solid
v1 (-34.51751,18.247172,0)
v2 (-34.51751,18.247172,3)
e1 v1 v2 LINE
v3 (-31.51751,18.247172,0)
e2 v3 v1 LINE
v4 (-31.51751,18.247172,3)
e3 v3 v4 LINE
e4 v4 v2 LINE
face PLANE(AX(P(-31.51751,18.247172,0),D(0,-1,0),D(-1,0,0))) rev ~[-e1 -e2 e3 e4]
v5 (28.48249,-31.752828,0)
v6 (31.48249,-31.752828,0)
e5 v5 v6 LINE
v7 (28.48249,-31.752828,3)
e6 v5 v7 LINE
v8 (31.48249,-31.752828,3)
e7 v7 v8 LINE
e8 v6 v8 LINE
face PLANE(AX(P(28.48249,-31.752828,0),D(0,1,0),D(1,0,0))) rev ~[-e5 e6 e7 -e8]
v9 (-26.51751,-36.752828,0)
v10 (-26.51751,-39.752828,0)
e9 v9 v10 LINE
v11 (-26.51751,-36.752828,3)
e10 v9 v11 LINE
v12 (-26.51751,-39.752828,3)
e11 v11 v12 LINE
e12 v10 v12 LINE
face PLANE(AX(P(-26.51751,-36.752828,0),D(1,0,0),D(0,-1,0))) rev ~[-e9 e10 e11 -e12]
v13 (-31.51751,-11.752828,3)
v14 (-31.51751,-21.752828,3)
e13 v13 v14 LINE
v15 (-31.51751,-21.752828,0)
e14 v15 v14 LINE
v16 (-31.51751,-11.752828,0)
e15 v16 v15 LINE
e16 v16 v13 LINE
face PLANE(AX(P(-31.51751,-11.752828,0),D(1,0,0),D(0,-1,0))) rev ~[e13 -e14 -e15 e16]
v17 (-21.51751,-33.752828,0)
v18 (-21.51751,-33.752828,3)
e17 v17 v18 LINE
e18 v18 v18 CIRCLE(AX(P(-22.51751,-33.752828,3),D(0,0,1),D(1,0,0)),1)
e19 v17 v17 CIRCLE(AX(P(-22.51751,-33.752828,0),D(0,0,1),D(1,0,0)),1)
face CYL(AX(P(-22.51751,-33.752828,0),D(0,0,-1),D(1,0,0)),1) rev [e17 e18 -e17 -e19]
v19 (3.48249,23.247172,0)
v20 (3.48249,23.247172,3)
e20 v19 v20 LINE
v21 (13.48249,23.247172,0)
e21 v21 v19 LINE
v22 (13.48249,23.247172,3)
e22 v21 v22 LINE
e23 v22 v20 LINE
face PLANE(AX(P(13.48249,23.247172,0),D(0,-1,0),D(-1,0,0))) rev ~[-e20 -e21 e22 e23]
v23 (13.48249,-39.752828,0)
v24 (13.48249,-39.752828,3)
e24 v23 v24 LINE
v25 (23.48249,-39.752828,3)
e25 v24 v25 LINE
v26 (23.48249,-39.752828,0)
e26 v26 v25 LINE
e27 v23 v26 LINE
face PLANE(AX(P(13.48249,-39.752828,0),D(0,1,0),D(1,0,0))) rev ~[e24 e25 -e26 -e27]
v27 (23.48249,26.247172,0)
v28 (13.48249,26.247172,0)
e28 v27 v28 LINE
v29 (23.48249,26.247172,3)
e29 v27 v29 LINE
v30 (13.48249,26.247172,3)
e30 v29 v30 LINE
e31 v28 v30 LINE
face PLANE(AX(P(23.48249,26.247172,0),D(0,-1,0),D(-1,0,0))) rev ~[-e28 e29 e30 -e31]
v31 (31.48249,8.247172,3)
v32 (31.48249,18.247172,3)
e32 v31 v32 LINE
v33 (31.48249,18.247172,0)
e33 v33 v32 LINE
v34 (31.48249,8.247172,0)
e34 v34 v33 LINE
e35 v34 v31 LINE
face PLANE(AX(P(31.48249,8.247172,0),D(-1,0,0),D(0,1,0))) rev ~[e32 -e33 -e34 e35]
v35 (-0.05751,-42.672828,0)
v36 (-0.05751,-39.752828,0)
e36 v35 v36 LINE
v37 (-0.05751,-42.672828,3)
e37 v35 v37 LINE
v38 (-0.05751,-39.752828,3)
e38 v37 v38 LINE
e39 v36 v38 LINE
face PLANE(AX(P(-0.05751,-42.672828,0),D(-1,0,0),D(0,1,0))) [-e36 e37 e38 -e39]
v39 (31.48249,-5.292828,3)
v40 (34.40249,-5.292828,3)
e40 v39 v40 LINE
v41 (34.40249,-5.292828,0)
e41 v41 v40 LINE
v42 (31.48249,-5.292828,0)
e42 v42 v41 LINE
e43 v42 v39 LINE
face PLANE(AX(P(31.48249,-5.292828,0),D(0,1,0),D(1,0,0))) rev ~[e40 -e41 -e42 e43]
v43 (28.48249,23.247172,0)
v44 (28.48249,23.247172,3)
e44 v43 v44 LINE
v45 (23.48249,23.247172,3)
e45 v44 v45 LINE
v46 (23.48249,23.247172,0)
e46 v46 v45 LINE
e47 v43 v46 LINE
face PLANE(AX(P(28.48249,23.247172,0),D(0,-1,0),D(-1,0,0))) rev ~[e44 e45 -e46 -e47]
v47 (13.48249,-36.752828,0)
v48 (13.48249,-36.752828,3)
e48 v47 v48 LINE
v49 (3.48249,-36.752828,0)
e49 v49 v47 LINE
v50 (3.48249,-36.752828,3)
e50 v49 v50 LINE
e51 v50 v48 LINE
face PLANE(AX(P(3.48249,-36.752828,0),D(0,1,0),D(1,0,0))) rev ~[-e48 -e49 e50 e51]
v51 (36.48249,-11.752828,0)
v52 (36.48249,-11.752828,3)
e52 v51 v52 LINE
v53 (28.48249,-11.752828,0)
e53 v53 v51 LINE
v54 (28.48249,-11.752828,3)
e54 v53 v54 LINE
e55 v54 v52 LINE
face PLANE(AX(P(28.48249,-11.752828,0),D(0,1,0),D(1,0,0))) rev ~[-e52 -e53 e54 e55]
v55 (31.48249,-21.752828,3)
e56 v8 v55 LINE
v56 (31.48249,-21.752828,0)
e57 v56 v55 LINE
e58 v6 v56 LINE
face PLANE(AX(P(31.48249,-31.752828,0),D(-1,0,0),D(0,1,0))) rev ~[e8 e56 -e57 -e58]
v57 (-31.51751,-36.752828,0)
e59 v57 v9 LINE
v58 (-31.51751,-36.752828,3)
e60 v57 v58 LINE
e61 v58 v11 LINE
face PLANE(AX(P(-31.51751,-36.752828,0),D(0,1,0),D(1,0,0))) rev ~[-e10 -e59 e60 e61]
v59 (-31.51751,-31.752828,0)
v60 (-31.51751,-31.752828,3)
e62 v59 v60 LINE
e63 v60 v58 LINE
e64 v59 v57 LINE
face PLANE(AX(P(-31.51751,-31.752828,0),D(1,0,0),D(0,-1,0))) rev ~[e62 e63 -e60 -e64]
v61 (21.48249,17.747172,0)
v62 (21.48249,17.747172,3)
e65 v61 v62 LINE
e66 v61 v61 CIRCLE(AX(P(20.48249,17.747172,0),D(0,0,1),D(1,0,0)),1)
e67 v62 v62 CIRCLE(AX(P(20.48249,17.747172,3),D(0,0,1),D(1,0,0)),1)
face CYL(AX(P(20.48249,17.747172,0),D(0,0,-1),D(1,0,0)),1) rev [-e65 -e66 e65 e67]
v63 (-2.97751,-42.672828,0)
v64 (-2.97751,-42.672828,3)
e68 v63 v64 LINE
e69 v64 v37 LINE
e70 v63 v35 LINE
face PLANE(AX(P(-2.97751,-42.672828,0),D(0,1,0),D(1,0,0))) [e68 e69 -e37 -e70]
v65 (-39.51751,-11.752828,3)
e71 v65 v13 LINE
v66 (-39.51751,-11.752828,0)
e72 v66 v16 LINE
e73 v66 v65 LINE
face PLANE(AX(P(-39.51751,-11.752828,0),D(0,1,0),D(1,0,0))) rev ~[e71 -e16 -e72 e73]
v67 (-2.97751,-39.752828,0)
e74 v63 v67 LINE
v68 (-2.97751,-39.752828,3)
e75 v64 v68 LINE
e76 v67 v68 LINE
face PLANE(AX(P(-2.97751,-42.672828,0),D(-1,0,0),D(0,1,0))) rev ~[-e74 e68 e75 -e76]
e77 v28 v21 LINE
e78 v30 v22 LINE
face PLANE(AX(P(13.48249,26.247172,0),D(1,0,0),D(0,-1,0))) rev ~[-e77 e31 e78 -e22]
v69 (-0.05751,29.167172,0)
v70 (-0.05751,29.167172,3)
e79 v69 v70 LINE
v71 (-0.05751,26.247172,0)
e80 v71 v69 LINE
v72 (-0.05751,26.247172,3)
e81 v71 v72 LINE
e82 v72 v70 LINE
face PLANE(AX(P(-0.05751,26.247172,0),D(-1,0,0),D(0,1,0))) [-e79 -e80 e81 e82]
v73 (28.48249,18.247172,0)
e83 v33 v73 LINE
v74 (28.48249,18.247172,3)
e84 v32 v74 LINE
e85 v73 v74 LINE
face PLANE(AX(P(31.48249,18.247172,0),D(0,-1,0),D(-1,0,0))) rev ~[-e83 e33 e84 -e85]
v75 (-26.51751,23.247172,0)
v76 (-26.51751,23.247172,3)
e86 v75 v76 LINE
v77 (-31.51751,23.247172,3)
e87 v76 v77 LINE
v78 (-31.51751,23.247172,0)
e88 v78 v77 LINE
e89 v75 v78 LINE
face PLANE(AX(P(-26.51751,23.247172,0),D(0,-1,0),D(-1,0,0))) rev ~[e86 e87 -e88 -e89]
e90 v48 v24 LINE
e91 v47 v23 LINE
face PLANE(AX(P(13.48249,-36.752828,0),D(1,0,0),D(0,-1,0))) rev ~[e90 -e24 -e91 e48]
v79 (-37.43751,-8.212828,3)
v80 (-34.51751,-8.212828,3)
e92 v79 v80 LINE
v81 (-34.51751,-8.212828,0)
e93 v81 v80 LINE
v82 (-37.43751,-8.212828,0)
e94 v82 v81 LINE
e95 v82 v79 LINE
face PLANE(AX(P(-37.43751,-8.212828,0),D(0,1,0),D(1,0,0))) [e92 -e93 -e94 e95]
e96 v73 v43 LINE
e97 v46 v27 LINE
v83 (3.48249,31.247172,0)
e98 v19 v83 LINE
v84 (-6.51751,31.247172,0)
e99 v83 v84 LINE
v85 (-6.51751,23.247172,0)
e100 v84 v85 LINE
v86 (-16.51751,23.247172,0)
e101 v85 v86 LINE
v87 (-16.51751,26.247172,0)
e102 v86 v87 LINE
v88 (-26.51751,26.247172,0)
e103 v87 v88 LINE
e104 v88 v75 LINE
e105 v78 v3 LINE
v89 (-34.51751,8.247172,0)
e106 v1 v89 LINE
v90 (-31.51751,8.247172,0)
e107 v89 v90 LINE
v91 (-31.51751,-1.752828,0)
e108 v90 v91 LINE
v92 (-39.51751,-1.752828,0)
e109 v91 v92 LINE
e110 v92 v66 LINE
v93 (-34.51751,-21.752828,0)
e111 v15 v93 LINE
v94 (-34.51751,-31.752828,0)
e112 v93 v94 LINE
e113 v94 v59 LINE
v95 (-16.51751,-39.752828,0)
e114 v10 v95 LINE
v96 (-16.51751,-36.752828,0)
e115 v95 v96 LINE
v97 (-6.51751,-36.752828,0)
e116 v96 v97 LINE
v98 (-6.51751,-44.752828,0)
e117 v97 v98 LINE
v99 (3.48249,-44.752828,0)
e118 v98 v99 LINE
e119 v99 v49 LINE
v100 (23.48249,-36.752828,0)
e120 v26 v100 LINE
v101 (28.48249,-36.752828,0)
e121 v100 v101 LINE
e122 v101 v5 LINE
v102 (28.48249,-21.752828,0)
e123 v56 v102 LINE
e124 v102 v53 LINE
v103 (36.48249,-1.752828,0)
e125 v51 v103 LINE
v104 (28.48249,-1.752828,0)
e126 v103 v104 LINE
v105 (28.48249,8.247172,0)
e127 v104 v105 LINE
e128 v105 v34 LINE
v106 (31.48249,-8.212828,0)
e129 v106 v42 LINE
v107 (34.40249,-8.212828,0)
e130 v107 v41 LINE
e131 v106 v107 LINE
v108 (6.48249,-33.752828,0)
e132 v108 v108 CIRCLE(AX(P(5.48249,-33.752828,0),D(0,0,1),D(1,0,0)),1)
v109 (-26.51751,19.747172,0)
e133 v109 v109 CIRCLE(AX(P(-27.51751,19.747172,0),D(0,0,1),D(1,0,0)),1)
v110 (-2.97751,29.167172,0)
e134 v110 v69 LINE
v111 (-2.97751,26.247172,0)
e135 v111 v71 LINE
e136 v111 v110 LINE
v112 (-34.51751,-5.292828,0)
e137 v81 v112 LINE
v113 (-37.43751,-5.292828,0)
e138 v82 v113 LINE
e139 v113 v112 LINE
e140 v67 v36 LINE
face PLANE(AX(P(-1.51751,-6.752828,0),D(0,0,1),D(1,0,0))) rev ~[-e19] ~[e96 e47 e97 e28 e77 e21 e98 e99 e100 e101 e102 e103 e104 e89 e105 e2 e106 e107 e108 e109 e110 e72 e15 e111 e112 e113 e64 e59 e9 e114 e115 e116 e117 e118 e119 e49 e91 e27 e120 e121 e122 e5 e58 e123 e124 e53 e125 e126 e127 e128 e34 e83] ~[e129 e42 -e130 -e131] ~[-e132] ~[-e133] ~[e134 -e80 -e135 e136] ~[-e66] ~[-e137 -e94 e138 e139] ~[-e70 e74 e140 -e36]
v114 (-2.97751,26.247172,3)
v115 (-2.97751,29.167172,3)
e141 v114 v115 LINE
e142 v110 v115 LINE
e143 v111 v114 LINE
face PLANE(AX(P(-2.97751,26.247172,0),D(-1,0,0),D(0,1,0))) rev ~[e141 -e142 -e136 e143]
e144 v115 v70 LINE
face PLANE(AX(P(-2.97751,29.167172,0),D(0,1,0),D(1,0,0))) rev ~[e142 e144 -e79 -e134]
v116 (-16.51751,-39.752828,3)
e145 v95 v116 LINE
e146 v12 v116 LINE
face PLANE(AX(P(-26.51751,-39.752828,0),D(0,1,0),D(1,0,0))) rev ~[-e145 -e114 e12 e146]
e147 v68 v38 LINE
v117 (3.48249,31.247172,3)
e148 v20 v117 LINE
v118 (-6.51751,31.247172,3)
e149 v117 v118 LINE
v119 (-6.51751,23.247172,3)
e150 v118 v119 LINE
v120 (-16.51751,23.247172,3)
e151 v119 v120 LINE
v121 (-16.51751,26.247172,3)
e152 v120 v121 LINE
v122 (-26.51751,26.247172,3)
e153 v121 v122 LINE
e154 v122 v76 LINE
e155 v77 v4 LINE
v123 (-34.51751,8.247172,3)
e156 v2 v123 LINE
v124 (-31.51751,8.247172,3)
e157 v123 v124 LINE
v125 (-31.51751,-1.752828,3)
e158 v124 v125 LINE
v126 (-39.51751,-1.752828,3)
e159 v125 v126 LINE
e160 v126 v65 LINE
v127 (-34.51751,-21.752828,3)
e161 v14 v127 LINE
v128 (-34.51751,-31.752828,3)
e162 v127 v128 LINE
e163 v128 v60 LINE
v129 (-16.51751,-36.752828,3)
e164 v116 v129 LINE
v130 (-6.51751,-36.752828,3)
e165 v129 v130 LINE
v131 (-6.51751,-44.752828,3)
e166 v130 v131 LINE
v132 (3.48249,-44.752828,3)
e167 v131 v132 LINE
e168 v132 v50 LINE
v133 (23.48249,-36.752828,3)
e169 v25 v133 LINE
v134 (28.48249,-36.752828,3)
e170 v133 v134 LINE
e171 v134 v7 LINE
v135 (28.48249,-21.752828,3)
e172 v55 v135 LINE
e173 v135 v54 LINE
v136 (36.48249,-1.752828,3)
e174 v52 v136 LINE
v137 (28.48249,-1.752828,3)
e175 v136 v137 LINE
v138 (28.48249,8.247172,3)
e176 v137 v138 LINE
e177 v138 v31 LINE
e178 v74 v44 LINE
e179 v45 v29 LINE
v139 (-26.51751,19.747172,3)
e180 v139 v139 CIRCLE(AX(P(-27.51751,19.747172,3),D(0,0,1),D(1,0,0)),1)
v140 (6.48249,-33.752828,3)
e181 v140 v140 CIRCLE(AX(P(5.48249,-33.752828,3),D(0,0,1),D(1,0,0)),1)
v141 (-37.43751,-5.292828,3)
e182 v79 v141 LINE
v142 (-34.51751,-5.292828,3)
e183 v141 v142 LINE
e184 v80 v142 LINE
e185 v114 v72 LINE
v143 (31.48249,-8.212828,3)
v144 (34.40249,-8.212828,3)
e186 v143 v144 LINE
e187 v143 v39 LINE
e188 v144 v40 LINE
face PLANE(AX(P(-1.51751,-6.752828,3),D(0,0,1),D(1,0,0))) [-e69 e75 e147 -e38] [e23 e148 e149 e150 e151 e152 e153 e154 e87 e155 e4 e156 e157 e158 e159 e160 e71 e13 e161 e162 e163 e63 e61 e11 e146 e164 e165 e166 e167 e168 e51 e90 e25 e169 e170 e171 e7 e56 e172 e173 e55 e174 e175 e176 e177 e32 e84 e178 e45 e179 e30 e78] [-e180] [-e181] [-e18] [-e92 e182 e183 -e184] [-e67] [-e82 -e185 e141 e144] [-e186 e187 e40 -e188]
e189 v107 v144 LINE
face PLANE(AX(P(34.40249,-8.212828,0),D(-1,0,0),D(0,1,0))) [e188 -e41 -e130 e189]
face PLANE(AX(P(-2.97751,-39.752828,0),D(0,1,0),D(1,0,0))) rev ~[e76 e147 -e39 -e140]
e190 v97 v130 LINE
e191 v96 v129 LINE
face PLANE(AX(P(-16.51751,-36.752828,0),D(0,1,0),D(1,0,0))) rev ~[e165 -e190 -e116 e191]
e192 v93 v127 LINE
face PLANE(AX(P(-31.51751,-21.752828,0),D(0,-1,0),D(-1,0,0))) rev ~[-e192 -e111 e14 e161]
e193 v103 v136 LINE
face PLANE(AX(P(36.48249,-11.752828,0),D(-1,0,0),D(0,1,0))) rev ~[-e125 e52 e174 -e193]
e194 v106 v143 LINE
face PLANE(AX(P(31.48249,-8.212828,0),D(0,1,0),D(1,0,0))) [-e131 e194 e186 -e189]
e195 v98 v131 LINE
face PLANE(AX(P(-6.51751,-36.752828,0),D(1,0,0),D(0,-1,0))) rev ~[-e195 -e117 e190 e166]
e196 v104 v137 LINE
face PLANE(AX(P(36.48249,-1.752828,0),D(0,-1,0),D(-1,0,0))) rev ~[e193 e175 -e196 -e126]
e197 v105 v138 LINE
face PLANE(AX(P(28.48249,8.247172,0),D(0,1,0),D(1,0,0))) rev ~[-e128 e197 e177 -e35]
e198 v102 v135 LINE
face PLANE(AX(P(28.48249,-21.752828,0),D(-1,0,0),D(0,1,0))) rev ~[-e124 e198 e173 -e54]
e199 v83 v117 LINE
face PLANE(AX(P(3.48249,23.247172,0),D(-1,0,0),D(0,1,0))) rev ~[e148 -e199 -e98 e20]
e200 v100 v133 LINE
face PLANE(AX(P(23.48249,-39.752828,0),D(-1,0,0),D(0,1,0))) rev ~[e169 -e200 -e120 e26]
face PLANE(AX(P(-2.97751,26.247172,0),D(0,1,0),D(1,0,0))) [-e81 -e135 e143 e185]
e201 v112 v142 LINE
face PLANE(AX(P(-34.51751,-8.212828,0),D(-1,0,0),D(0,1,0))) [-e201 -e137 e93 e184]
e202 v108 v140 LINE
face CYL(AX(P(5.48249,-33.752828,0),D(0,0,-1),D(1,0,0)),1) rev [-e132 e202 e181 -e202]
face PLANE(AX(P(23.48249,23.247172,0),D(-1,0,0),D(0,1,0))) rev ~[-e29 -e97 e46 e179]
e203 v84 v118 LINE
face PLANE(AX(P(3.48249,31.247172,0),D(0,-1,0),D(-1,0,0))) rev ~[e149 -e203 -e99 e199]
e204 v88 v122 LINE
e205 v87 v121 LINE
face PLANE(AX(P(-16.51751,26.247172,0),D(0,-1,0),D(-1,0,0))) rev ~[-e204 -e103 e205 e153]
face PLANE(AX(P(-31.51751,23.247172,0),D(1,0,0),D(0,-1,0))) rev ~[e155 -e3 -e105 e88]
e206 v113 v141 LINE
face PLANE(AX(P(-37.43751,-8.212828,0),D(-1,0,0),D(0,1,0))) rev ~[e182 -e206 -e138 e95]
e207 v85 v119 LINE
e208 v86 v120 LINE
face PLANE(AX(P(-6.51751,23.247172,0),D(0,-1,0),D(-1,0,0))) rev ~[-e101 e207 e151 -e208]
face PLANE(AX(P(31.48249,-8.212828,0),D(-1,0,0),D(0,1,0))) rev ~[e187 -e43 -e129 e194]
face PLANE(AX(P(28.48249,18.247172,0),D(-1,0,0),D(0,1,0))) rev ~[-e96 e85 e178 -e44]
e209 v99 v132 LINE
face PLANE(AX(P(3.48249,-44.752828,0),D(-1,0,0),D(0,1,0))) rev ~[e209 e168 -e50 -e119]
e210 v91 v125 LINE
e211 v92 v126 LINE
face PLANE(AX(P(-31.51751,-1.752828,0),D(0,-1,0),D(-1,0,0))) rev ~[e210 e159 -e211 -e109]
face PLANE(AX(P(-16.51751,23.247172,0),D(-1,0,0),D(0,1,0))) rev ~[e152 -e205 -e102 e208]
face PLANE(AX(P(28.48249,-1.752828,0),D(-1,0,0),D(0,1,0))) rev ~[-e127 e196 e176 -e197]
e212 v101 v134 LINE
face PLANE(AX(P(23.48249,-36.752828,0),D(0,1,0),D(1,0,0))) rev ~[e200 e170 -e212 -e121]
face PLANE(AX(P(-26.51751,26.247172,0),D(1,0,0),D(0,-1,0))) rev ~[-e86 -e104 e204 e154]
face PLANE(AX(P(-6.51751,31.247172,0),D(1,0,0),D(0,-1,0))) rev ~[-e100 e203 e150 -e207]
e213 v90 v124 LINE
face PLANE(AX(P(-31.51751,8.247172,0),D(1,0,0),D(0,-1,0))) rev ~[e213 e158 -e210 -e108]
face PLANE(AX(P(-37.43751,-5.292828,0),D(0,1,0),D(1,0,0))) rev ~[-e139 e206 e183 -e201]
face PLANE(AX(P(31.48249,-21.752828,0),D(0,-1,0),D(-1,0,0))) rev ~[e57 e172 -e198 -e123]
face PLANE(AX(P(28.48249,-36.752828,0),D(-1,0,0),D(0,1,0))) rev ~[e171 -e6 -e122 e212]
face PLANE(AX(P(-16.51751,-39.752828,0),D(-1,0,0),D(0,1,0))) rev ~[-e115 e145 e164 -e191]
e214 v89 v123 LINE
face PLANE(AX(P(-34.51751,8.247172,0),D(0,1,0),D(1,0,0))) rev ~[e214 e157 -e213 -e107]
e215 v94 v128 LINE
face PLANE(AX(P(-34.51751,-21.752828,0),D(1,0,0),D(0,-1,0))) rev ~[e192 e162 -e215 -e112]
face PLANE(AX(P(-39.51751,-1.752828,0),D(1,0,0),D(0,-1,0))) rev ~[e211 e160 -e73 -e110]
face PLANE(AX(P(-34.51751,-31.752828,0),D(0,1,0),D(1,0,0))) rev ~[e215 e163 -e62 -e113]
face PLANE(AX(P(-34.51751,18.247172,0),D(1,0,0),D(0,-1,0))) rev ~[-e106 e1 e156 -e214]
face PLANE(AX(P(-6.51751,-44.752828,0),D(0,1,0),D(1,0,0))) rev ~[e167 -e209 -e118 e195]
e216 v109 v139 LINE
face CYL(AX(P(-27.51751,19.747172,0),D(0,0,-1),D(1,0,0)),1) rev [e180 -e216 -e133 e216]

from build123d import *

# Parameters (mm, degrees)
SKETCH1_R           = 1
SKETCH1_W           = 2.92
SKETCH1_H           = 2.92
BOSS_EXTRUDE1_DEPTH = 3


with BuildPart() as part:
    # Sketch1 → Boss-Extrude1 (new body)
    with BuildSketch(Plane.XY):
        Polygon((-16.517509728, 23.247171726), (-16.517509728, 26.247171726), (-26.517509728, 26.247171726), (-26.517509728, 23.247171726), (-31.517509728, 23.247171726), (-31.517509728, 18.247171726), (-34.517509728, 18.247171726), (-34.517509728, 8.247171726), (-31.517509728, 8.247171726), (-31.517509728, -1.752828274), (-39.517509728, -1.752828274), (-39.517509728, -11.752828274), (-31.517509728, -11.752828274), (-31.517509728, -21.752828274), (-34.517509728, -21.752828274), (-34.517509728, -31.752828274), (-31.517509728, -31.752828274), (-31.517509728, -36.752828274), (-26.517509728, -36.752828274), (-26.517509728, -39.752828274), (-16.517509728, -39.752828274), (-16.517509728, -36.752828274), (-6.517509728, -36.752828274), (-6.517509728, -44.752828274), (3.482490272, -44.752828274), (3.482490272, -36.752828274), (13.482490272, -36.752828274), (13.482490272, -39.752828274), (23.482490272, -39.752828274), (23.482490272, -36.752828274), (28.482490272, -36.752828274), (28.482490272, -31.752828274), (31.482490272, -31.752828274), (31.482490272, -21.752828274), (28.482490272, -21.752828274), (28.482490272, -11.752828274), (36.482490272, -11.752828274), (36.482490272, -1.752828274), (28.482490272, -1.752828274), (28.482490272, 8.247171726), (31.482490272, 8.247171726), (31.482490272, 18.247171726), (28.482490272, 18.247171726), (28.482490272, 23.247171726), (23.482490272, 23.247171726), (23.482490272, 26.247171726), (13.482490272, 26.247171726), (13.482490272, 23.247171726), (3.482490272, 23.247171726), (3.482490272, 31.247171726), (-6.517509728, 31.247171726), (-6.517509728, 23.247171726), align=None)
        with Locations((-22.517509728, -33.752828274)):
            Circle(SKETCH1_R, mode=Mode.SUBTRACT)
        with Locations((5.482490272, -33.752828274)):
            Circle(SKETCH1_R, mode=Mode.SUBTRACT)
        with Locations((-27.517509728, 19.747171726)):
            Circle(SKETCH1_R, mode=Mode.SUBTRACT)
        with Locations((20.482490272, 17.747171726)):
            Circle(SKETCH1_R, mode=Mode.SUBTRACT)
        with Locations((-1.517509728, 27.707171726)):
            Rectangle(SKETCH1_W, SKETCH1_H, mode=Mode.SUBTRACT)
        with Locations((-35.977509728, -6.752828274)):
            Rectangle(SKETCH1_W, SKETCH1_H, mode=Mode.SUBTRACT)
        with Locations((32.942490272, -6.752828274)):
            Rectangle(SKETCH1_W, SKETCH1_H, mode=Mode.SUBTRACT)
        with Locations((-1.517509728, -41.212828274)):
            Rectangle(SKETCH1_W, SKETCH1_H, mode=Mode.SUBTRACT)
    extrude(amount=BOSS_EXTRUDE1_DEPTH)


solid = part.part
